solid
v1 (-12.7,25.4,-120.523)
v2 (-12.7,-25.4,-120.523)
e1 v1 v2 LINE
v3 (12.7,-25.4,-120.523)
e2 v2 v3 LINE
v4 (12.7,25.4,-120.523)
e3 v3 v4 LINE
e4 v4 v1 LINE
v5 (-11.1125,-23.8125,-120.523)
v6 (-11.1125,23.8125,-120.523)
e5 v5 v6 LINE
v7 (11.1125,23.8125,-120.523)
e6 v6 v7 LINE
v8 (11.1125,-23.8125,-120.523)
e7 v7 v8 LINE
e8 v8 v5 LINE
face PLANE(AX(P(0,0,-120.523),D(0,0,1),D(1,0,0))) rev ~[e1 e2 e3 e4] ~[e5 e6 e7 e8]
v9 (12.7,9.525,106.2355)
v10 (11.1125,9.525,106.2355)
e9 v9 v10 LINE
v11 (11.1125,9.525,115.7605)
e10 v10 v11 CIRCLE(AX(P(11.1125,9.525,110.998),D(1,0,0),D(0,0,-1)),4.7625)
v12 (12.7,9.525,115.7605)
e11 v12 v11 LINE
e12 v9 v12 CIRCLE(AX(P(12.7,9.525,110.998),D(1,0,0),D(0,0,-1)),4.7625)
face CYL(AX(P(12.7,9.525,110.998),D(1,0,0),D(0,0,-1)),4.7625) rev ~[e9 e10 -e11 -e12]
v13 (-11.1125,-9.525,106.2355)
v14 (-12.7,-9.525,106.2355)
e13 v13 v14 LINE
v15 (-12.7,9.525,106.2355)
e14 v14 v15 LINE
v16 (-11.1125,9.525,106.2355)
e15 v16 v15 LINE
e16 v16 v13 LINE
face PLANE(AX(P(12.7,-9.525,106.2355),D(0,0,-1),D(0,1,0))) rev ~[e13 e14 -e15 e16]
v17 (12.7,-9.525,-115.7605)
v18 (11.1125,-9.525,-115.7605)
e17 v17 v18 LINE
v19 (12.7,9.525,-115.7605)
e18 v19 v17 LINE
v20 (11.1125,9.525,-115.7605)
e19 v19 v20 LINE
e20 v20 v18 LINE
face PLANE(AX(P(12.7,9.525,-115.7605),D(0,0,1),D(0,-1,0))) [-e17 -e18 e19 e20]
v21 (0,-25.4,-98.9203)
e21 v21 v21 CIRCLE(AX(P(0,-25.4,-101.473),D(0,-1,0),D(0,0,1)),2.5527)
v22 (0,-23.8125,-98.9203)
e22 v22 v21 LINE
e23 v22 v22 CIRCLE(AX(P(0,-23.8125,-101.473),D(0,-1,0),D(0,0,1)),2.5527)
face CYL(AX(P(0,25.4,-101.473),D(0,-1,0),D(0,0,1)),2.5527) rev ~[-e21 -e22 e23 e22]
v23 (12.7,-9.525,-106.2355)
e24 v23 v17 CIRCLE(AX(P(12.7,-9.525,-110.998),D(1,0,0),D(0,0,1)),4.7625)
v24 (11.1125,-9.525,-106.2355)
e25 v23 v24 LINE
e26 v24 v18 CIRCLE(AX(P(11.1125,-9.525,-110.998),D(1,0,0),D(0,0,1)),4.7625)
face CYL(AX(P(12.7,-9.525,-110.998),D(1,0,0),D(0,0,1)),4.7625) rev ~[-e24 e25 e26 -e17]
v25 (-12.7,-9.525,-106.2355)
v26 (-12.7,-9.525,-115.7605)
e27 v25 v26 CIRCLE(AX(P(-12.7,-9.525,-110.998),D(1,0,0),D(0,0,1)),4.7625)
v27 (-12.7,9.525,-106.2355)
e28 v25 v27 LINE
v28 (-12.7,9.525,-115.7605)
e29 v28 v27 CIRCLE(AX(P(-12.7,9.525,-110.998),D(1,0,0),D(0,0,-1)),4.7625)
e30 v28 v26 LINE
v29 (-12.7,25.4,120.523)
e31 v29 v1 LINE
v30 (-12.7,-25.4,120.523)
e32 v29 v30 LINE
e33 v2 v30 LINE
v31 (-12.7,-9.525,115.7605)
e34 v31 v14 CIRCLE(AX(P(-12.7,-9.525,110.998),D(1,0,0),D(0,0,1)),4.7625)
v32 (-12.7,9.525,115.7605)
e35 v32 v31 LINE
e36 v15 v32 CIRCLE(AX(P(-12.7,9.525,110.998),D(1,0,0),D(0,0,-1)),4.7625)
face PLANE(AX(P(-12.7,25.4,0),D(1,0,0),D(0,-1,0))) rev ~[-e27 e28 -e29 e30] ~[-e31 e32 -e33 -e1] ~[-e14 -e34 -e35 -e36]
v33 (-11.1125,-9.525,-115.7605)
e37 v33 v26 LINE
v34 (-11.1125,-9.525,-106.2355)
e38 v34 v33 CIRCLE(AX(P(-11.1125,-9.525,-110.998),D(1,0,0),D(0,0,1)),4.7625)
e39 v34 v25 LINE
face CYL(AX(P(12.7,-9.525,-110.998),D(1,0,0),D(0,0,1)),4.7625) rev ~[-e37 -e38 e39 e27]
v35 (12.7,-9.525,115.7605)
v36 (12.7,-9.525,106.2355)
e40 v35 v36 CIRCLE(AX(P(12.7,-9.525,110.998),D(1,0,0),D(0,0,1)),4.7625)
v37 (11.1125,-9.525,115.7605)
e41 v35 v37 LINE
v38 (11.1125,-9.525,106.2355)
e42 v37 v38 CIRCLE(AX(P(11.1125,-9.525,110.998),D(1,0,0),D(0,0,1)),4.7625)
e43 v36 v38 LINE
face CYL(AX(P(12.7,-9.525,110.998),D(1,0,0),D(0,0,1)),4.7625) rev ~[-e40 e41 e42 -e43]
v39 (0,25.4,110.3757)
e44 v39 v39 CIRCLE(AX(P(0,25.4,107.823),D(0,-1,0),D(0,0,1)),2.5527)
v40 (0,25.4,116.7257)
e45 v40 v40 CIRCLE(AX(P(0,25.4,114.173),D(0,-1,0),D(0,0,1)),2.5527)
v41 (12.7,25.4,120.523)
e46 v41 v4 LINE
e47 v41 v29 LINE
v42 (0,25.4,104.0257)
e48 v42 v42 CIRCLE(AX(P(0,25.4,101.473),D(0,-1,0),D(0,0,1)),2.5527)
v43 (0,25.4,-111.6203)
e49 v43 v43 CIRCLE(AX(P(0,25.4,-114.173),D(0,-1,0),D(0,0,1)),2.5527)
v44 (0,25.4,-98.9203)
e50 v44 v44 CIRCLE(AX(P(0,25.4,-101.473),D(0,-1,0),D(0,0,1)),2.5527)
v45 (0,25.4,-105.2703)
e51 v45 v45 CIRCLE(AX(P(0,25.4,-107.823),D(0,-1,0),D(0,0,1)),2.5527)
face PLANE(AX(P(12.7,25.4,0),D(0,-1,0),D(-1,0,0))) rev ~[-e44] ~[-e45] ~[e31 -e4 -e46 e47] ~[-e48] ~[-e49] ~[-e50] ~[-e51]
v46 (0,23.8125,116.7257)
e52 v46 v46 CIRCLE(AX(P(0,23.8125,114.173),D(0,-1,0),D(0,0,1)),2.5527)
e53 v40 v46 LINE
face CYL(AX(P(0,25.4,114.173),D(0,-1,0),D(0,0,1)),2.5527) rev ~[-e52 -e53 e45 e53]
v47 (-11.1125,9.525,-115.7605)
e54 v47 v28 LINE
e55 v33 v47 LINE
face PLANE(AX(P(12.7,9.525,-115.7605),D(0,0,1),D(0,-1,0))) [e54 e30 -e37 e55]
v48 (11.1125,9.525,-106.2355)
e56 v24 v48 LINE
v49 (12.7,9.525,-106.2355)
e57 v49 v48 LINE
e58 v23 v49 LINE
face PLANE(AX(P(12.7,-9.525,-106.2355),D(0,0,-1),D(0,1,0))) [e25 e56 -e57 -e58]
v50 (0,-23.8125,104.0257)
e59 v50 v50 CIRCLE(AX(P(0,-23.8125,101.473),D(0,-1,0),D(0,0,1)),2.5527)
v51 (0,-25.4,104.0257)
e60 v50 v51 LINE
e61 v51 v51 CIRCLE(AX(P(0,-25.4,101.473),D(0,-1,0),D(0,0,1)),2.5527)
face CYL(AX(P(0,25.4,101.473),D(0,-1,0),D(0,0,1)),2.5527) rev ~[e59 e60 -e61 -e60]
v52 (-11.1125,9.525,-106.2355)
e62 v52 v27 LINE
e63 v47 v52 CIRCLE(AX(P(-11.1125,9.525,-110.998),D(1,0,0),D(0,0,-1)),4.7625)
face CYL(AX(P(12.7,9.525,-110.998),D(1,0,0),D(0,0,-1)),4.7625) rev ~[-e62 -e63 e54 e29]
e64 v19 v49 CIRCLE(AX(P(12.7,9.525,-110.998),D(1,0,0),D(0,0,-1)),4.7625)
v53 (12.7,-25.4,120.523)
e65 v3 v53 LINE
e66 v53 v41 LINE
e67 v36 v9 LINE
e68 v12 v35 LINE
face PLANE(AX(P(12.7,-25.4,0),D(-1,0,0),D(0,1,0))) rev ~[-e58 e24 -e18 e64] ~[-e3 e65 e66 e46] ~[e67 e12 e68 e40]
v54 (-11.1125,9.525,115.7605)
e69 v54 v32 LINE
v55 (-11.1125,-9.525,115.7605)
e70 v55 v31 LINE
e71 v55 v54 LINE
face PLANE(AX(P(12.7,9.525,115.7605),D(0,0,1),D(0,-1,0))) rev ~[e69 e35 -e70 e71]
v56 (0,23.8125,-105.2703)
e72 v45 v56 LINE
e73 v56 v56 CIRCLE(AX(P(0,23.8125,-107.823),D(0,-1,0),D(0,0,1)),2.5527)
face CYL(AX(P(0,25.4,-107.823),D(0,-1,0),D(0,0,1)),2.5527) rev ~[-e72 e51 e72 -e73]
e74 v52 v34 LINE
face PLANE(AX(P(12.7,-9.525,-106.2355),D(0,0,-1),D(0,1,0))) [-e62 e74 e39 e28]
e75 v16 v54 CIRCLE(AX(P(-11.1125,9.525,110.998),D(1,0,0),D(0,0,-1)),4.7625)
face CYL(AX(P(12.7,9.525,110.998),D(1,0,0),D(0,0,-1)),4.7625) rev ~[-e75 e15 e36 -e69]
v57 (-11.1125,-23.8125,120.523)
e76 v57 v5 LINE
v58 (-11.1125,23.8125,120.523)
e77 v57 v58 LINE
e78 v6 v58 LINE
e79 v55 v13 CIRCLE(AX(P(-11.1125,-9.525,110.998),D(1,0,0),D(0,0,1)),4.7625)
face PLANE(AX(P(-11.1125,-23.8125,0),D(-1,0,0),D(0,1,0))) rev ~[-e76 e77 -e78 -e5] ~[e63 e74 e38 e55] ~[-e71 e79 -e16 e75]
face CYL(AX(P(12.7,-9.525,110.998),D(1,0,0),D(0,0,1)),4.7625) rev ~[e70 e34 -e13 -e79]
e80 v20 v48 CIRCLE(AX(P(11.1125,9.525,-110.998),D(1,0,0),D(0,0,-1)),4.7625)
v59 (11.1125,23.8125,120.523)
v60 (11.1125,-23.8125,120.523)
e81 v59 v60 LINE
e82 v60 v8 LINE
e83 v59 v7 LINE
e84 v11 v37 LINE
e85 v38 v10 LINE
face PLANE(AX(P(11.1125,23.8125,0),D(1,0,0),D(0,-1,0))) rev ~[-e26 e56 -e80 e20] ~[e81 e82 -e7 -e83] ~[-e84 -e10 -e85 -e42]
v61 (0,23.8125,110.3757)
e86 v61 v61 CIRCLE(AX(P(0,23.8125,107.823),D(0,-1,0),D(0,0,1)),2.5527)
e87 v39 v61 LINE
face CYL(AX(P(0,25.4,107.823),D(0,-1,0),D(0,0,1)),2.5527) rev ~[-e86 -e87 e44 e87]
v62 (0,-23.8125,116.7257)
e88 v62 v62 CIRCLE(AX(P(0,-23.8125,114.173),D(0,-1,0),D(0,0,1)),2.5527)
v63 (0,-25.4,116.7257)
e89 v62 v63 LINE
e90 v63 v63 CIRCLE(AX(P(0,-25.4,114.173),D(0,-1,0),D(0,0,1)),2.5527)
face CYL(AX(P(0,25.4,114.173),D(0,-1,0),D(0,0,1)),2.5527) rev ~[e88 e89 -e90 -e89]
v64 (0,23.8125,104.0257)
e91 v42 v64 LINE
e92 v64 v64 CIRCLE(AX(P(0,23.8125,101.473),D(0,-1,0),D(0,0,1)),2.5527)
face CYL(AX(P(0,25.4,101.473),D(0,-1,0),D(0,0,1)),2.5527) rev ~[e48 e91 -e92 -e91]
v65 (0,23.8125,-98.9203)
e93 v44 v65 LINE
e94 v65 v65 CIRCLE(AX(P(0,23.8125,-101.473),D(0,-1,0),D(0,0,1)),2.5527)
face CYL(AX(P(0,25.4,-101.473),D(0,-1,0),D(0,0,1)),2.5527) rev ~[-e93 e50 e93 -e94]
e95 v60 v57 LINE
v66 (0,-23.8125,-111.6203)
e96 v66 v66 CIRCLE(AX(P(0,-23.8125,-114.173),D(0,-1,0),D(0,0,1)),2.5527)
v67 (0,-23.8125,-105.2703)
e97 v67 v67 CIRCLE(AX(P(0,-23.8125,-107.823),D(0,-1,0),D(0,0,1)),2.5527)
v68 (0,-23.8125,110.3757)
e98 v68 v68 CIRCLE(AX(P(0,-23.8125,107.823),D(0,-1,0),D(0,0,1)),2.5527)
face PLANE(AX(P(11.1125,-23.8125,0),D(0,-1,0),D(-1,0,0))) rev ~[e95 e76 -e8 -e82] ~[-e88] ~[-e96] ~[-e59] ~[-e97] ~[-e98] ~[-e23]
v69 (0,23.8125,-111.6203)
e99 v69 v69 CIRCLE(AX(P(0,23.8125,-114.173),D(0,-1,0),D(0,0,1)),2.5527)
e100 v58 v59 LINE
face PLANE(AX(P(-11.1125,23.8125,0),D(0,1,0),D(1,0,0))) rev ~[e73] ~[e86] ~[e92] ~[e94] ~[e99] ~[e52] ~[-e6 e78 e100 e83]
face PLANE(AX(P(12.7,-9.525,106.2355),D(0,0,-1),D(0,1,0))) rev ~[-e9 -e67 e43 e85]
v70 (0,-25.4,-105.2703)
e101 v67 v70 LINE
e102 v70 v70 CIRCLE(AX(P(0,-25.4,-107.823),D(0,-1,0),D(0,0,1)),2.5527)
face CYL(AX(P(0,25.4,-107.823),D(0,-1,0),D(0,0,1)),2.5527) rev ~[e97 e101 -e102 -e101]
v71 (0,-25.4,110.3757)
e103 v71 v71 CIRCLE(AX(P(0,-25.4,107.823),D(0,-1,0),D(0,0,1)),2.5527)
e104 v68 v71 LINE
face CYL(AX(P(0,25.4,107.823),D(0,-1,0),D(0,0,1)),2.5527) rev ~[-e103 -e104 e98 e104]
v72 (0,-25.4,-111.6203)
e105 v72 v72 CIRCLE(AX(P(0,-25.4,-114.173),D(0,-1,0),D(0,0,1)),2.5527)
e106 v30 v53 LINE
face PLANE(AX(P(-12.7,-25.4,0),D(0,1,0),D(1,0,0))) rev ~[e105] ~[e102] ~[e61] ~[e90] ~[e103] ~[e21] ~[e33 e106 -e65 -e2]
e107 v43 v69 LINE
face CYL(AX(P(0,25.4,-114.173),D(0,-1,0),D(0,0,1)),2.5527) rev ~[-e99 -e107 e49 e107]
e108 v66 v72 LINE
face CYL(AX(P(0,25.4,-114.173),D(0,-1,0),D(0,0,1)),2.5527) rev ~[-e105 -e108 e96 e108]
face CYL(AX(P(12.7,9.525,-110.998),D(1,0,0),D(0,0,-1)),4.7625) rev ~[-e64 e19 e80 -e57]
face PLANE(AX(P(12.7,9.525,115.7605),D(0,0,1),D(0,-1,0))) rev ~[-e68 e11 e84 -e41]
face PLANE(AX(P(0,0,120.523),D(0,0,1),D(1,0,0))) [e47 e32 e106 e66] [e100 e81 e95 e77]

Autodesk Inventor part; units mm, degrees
ref_plane "YZ Plane" through (0, 0, 0) normal (1, 0, 0) x (0, 1, 0)
ref_plane "XZ Plane" through (0, 0, 0) normal (0, 1, 0) x (-1, 0, 0)
ref_plane "XY Plane" through (0, 0, 0) normal (0, 0, 1) x (1, 0, 0)
sketch "Sketch1" plane through (0, 0, 0) normal (0, 0, 1) x (1, 0, 0)
  line L0 (-12.7, -25.4) -> (12.7, -25.4)
  line L1 (12.7, -25.4) -> (12.7, 25.4)
  line L2 (12.7, 25.4) -> (-12.7, 25.4)
  line L3 (-12.7, 25.4) -> (-12.7, -25.4)
  line L4 (-12.7, -25.4) -> (12.7, 25.4) construction
  line L5 (12.7, -25.4) -> (-12.7, 25.4) construction
  line L6 (-11.1125, 23.8125) -> (11.1125, 23.8125)
  line L7 (11.1125, 23.8125) -> (11.1125, -23.8125)
  line L8 (11.1125, -23.8125) -> (-11.1125, -23.8125)
  line L9 (-11.1125, -23.8125) -> (-11.1125, 23.8125)
  point P0 (0, 0)
  dimension "width" = 25.4
  dimension "height" = 50.8
  dimension "thickness" = 1.5875
extrude "Extrusion1" add sketch "Sketch1" along normal mid plane 241.046
sketch "Sketch3" plane through (-12.7, 25.4, 120.523) normal (0, 1, 0) x (1, 0, 0)
  line L0 (25.4, 0) -> (0, 0) projected
  line L1 (0, 241.046) -> (0, 0) construction
  line L2 (0, 241.046) -> (25.4, 241.046) construction
  point P0 (12.7, 120.523)
  point P1 (12.7, 6.35)
  point P2 (12.7, 12.7)
  point P3 (12.7, 19.05)
  point P4 (12.7, 234.696)
  point P5 (12.7, 228.346)
  point P6 (12.7, 221.996)
  dimension "d18" = 6.35
  dimension "d19" = 6.35
  dimension "d20" = 6.35
  dimension "d21" = 12.7
  dimension "d22" = 6.35
  dimension "d23" = 6.35
  dimension "d24" = 6.35
hole "Hole2" at (0, 25.4, 114.173) at (0, 25.4, 107.823) at (0, 25.4, 101.473) at (0, 25.4, -101.473) at (0, 25.4, -107.823) at (0, 25.4, -114.173) direction (0, -1, 0) diameter 5.1054 end through all clearance for "Flat Head Machine Screw (82)" size "#10" standard "Ansi Unified Screw Threads"
sketch "Sketch4" plane through (12.7, -25.4, 120.523) normal (1, 0, 0) x (0, 0, -1)
  line L0 (9.525, 34.925) -> (9.525, 15.875) construction
  line L1 (4.7625, 34.925) -> (4.7625, 15.875)
  line L2 (14.2875, 15.875) -> (14.2875, 34.925)
  arc A0 (14.2875, 34.925) -> (4.7625, 34.925) centre (9.525, 34.925) ccw
  arc A1 (4.7625, 15.875) -> (14.2875, 15.875) centre (9.525, 15.875) ccw
  line L3 (0, 0) -> (0, 50.8) construction
  line L4 (120.523, 25.4) -> (120.523, 50.8) construction
  line L5 (241.046, 50.8) -> (0, 50.8) construction
  line L6 (231.521, 34.925) -> (231.521, 15.875) construction
  line L7 (236.2835, 34.925) -> (236.2835, 15.875)
  line L8 (226.7585, 15.875) -> (226.7585, 34.925)
  arc A2 (236.2835, 34.925) -> (226.7585, 34.925) centre (231.521, 34.925) ccw
  arc A3 (226.7585, 15.875) -> (236.2835, 15.875) centre (231.521, 15.875) ccw
  point P0 (9.525, 25.4)
  point P1 (231.521, 25.4)
  dimension "d32" = 9.525
  dimension "d33" = 19.05
  dimension "d34" = 9.525
extrude "Extrusion2" cut sketch "Sketch4" against normal through all
equation "\"d20\" = d19"
equation "\"d23\" = d22"
equation "\"d24\" = d23"
properties part number "EL2-011" material "Aluminum 6061"
